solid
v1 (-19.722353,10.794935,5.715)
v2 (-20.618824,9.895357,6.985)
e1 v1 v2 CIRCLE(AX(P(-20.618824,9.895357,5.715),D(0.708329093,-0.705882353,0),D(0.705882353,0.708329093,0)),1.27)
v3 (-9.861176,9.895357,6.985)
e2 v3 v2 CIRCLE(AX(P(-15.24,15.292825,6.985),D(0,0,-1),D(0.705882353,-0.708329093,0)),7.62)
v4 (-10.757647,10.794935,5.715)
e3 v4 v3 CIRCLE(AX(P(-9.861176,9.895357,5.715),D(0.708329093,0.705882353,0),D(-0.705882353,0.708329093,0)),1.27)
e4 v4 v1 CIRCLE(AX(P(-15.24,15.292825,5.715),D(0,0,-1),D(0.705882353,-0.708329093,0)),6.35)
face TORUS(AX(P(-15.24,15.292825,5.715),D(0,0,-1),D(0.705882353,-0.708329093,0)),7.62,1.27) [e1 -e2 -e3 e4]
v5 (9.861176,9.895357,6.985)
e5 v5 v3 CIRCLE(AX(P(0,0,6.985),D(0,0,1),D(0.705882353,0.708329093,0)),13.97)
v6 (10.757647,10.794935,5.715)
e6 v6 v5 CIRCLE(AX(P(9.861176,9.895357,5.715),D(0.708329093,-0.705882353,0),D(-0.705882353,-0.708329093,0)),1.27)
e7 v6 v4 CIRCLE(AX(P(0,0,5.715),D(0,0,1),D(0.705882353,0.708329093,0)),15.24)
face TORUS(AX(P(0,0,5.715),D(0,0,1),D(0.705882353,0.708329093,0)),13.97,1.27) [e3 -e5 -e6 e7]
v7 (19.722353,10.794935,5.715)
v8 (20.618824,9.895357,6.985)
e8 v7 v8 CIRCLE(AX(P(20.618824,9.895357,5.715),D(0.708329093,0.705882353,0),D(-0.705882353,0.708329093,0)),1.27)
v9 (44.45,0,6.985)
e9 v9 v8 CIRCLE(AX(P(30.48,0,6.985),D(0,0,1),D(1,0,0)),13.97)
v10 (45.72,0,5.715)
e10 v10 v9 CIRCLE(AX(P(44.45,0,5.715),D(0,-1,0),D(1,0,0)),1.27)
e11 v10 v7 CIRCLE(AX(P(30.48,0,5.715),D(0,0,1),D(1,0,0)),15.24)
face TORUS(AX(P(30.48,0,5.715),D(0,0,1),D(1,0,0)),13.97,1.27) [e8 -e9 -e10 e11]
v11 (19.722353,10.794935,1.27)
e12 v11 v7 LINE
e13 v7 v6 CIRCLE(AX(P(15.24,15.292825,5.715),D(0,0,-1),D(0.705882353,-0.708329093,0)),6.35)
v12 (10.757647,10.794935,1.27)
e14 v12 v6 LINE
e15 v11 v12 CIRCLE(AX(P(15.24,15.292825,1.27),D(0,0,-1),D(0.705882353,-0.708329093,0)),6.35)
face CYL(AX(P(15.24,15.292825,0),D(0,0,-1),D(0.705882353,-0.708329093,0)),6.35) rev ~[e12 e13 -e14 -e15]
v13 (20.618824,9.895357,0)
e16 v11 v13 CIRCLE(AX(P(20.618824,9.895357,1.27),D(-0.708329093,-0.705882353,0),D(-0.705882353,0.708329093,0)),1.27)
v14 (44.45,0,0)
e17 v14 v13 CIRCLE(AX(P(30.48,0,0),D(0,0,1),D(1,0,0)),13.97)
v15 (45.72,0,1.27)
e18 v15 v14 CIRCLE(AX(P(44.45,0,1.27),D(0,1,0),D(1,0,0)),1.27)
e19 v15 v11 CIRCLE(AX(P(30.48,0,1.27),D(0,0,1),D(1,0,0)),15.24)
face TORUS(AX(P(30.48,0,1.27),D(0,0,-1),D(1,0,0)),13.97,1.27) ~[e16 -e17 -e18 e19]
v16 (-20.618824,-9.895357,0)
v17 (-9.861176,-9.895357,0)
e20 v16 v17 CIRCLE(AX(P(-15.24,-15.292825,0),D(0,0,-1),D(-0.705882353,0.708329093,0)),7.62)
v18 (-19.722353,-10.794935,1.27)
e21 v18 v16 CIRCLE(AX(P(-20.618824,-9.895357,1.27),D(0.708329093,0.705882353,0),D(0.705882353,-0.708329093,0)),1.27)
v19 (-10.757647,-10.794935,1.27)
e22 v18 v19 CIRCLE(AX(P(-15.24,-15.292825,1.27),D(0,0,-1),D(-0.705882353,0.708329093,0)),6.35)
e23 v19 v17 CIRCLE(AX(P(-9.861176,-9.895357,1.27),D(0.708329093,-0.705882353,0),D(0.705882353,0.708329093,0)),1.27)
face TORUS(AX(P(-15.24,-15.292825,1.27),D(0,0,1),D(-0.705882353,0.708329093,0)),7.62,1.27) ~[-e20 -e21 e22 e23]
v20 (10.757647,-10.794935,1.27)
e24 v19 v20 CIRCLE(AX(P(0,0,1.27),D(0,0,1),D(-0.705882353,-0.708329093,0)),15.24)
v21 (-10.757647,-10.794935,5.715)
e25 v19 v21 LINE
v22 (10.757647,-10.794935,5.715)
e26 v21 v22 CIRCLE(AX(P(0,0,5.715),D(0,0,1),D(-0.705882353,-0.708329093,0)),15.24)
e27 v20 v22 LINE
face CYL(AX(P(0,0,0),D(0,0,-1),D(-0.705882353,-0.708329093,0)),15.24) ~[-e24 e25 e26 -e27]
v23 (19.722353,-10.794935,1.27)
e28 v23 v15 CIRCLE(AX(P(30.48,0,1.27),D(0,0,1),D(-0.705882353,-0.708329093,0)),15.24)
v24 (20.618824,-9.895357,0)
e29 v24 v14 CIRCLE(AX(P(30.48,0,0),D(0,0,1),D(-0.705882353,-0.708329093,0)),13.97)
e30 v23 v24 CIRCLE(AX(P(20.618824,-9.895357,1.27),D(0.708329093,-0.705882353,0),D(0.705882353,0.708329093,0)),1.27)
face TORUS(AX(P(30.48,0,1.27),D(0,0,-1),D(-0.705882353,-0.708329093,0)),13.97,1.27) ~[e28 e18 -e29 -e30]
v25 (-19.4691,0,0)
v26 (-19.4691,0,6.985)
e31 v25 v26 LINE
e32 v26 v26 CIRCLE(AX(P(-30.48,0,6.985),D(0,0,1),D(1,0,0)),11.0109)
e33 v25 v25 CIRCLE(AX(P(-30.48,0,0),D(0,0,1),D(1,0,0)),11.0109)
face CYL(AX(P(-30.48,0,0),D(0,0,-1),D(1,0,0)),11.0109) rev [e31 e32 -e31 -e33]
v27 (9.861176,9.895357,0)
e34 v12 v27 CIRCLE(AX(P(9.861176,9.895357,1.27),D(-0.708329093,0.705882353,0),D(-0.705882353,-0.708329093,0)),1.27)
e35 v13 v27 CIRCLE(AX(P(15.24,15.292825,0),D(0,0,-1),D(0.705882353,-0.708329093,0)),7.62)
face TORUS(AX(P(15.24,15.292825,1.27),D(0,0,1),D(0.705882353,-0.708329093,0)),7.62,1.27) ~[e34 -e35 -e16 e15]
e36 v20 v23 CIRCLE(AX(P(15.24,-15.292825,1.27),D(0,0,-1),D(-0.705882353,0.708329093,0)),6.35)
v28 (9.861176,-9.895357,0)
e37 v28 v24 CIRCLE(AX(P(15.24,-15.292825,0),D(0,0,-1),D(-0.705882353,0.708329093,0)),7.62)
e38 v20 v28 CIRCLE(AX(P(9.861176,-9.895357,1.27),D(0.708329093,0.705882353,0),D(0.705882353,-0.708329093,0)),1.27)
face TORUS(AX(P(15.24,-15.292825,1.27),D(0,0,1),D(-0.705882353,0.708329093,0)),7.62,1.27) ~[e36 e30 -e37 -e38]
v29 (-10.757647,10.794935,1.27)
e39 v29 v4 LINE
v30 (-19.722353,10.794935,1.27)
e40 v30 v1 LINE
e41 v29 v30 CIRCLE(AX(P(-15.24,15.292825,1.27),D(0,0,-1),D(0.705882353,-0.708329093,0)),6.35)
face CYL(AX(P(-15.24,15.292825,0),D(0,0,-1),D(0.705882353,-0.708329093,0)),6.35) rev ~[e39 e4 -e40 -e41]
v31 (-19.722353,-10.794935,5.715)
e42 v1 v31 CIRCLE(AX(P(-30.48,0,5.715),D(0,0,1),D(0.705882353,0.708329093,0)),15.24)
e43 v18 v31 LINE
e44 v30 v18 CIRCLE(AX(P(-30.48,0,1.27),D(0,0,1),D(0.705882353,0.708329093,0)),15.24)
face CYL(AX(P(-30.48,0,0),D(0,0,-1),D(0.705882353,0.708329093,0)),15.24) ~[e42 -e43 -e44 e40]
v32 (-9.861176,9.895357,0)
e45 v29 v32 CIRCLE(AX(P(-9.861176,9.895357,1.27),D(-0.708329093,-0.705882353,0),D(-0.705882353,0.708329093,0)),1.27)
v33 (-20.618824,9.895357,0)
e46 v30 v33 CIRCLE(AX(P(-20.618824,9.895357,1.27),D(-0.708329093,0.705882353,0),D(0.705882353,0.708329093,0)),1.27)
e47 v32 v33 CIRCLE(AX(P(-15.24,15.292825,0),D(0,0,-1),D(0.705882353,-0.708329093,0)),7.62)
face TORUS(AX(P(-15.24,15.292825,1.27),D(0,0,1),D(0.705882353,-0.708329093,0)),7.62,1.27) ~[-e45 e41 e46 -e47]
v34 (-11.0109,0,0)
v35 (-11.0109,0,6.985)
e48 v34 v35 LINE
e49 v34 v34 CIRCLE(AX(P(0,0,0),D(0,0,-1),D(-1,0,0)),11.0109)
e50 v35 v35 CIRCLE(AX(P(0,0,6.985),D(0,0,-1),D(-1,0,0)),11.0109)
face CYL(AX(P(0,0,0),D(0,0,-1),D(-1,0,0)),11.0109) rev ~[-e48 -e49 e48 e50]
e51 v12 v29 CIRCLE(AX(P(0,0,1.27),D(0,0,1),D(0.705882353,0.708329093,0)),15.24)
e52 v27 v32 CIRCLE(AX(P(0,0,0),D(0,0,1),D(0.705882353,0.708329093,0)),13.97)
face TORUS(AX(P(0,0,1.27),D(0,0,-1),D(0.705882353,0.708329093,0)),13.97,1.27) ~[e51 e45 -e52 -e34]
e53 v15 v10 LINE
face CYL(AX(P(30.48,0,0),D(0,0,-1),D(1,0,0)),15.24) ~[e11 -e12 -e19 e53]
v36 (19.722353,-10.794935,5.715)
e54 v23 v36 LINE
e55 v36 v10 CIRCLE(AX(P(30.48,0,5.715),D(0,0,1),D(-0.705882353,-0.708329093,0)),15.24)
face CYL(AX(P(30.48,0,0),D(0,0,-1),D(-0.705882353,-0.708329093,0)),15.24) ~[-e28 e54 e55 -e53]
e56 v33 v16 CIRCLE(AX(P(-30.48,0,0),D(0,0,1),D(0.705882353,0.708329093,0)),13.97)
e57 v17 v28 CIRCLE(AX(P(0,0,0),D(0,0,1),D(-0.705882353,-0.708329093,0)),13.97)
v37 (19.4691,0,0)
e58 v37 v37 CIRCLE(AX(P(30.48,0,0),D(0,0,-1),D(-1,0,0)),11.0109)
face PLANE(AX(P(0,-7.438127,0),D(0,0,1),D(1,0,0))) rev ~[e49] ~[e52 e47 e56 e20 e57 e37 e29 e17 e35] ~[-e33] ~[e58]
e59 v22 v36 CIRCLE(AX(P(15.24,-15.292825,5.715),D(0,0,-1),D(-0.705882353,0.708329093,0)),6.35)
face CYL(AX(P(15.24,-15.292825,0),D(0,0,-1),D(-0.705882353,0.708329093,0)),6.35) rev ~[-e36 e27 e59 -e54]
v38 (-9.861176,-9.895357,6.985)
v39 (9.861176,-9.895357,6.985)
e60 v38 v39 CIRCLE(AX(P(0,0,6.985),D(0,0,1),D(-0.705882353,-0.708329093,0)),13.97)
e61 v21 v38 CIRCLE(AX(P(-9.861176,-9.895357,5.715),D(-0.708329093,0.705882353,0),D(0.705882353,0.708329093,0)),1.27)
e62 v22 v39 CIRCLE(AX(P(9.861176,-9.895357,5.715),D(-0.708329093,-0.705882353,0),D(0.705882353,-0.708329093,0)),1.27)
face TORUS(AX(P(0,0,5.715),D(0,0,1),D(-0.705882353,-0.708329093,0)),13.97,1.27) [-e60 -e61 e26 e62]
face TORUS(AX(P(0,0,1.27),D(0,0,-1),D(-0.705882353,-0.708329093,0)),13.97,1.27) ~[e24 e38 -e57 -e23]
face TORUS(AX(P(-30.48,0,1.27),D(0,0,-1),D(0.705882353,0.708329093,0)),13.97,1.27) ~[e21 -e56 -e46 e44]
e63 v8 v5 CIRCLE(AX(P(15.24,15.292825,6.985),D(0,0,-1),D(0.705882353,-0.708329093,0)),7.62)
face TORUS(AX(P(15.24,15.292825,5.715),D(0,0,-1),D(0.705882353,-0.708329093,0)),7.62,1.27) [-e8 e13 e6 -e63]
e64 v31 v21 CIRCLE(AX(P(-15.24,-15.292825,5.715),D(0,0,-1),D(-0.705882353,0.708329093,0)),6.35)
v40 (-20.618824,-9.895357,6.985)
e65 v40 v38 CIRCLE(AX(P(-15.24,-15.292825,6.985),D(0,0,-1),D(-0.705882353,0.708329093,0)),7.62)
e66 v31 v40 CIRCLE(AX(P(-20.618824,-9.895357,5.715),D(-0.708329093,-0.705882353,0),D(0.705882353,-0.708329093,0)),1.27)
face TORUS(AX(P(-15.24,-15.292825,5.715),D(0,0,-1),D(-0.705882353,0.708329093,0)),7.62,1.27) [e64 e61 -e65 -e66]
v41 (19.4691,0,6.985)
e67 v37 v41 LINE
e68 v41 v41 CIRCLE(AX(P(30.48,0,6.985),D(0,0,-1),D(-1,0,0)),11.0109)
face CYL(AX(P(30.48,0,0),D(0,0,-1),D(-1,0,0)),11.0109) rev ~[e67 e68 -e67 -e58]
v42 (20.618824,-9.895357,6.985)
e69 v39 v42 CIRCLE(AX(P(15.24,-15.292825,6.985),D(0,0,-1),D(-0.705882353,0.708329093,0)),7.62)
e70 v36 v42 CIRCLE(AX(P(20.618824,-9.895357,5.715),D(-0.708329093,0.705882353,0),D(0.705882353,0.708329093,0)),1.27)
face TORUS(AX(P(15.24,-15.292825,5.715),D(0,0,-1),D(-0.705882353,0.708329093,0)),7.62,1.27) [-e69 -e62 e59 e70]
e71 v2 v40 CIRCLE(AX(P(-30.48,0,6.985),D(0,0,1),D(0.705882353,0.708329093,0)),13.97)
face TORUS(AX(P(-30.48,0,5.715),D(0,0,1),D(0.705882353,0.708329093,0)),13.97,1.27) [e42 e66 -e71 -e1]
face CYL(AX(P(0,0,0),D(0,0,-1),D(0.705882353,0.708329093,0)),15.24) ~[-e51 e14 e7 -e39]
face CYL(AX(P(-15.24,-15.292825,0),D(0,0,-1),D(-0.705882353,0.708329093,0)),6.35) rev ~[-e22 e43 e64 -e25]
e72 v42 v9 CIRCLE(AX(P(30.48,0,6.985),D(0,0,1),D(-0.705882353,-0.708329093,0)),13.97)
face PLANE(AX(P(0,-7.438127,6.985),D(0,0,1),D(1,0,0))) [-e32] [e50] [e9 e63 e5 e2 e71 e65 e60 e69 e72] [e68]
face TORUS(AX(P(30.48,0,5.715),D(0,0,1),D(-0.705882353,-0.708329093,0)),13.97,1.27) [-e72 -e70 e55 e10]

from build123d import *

# Parameters (mm, degrees)
F0_R     = 11.0109
F1_DEPTH = 6.985
F2_R     = 1.27


with BuildPart() as f1:
    # F0 (on Top) → F1 (new body)
    with BuildSketch(Plane.XY):
        with BuildLine():
            Line((15.24, 0), (11.0109, 0))
            ThreePointArc((11.0109, 0), (0, -11.0109), (-11.0109, 0))
            Line((-11.0109, 0), (-15.24, 0))
            ThreePointArc((-15.24, 0), (-14.0748737326, -5.844273215), (-10.7576470588, -10.7949353753))
            ThreePointArc((-10.7576470588, -10.7949353753), (0, -15.24), (10.7576470588, -10.7949353753))
            ThreePointArc((10.7576470588, -10.7949353753), (14.0748737326, -5.844273215), (15.24, 0))
        make_face()
        with BuildLine():
            ThreePointArc((-11.0109, 0), (0, 11.0109), (11.0109, 0))
            Line((11.0109, 0), (15.24, 0))
            ThreePointArc((15.24, 0), (14.0748737326, 5.844273215), (10.7576470588, 10.7949353753))
            ThreePointArc((10.7576470588, 10.7949353753), (0, 15.24), (-10.7576470588, 10.7949353753))
            ThreePointArc((-10.7576470588, 10.7949353753), (-14.0748737326, 5.844273215), (-15.24, 0))
            Line((-15.24, 0), (-11.0109, 0))
        make_face()
        with BuildLine():
            ThreePointArc((19.7223529412, -10.7949353753), (16.4051262674, -5.844273215), (15.24, 0))
            ThreePointArc((15.24, 0), (14.0748737326, -5.844273215), (10.7576470588, -10.7949353753))
            ThreePointArc((10.7576470588, -10.7949353753), (15.24, -8.9428251151), (19.7223529412, -10.7949353753))
        make_face()
        with BuildLine():
            ThreePointArc((10.7576470588, 10.7949353753), (14.0748737326, 5.844273215), (15.24, 0))
            ThreePointArc((15.24, 0), (16.4051262674, 5.844273215), (19.7223529412, 10.7949353753))
            ThreePointArc((19.7223529412, 10.7949353753), (15.24, 8.9428251151), (10.7576470588, 10.7949353753))
        make_face()
        with BuildLine():
            ThreePointArc((19.7223529412, 10.7949353753), (16.4051262674, 5.844273215), (15.24, 0))
            ThreePointArc((15.24, 0), (16.4051262674, -5.844273215), (19.7223529412, -10.7949353753))
            ThreePointArc((19.7223529412, -10.7949353753), (36.324273215, -14.0748737326), (45.72, 0))
            ThreePointArc((45.72, 0), (36.324273215, 14.0748737326), (19.7223529412, 10.7949353753))
        make_face()
        with BuildLine():
            ThreePointArc((41.4909, 0), (30.48, -11.0109), (19.4691, 0))
            ThreePointArc((19.4691, 0), (30.48, 11.0109), (41.4909, 0))
        make_face(mode=Mode.SUBTRACT)
        with BuildLine():
            ThreePointArc((-19.7223529412, -10.7949353753), (-16.4051262674, -5.844273215), (-15.24, 0))
            ThreePointArc((-15.24, 0), (-16.4051262674, 5.844273215), (-19.7223529412, 10.7949353753))
            ThreePointArc((-19.7223529412, 10.7949353753), (-45.72, 0), (-19.7223529412, -10.7949353753))
        make_face()
        with Locations((-30.48, 0)):
            Circle(F0_R, mode=Mode.SUBTRACT)
        with BuildLine():
            ThreePointArc((-10.7576470588, -10.7949353753), (-14.0748737326, -5.844273215), (-15.24, 0))
            ThreePointArc((-15.24, 0), (-16.4051262674, -5.844273215), (-19.7223529412, -10.7949353753))
            ThreePointArc((-19.7223529412, -10.7949353753), (-15.24, -8.9428251151), (-10.7576470588, -10.7949353753))
        make_face()
        with BuildLine():
            ThreePointArc((-19.7223529412, 10.7949353753), (-16.4051262674, 5.844273215), (-15.24, 0))
            ThreePointArc((-15.24, 0), (-14.0748737326, 5.844273215), (-10.7576470588, 10.7949353753))
            ThreePointArc((-10.7576470588, 10.7949353753), (-15.24, 8.9428251151), (-19.7223529412, 10.7949353753))
        make_face()
    extrude(amount=F1_DEPTH)

    # F2
    f2_edges = [f1.edges().sort_by_distance(p)[0] for p in [
        (-45.72, 0, 6.985),
        (0, 15.24, 6.985),
        (0, -15.24, 6.985),
        (-15.24, -8.942825, 6.985),
        (-15.24, 8.942825, 6.985),
        (15.24, 8.942825, 6.985),
        (45.72, 0, 6.985),
        (15.24, -8.942825, 6.985),
        (-45.72, 0, 0),
        (0, -15.24, 0),
        (45.72, 0, 0),
        (15.24, 8.942825, 0),
        (0, 15.24, 0),
        (-15.24, 8.942825, 0),
        (15.24, -8.942825, 0),
        (-15.24, -8.942825, 0),
    ]]
    fillet(f2_edges, radius=F2_R)


solid = f1.part
